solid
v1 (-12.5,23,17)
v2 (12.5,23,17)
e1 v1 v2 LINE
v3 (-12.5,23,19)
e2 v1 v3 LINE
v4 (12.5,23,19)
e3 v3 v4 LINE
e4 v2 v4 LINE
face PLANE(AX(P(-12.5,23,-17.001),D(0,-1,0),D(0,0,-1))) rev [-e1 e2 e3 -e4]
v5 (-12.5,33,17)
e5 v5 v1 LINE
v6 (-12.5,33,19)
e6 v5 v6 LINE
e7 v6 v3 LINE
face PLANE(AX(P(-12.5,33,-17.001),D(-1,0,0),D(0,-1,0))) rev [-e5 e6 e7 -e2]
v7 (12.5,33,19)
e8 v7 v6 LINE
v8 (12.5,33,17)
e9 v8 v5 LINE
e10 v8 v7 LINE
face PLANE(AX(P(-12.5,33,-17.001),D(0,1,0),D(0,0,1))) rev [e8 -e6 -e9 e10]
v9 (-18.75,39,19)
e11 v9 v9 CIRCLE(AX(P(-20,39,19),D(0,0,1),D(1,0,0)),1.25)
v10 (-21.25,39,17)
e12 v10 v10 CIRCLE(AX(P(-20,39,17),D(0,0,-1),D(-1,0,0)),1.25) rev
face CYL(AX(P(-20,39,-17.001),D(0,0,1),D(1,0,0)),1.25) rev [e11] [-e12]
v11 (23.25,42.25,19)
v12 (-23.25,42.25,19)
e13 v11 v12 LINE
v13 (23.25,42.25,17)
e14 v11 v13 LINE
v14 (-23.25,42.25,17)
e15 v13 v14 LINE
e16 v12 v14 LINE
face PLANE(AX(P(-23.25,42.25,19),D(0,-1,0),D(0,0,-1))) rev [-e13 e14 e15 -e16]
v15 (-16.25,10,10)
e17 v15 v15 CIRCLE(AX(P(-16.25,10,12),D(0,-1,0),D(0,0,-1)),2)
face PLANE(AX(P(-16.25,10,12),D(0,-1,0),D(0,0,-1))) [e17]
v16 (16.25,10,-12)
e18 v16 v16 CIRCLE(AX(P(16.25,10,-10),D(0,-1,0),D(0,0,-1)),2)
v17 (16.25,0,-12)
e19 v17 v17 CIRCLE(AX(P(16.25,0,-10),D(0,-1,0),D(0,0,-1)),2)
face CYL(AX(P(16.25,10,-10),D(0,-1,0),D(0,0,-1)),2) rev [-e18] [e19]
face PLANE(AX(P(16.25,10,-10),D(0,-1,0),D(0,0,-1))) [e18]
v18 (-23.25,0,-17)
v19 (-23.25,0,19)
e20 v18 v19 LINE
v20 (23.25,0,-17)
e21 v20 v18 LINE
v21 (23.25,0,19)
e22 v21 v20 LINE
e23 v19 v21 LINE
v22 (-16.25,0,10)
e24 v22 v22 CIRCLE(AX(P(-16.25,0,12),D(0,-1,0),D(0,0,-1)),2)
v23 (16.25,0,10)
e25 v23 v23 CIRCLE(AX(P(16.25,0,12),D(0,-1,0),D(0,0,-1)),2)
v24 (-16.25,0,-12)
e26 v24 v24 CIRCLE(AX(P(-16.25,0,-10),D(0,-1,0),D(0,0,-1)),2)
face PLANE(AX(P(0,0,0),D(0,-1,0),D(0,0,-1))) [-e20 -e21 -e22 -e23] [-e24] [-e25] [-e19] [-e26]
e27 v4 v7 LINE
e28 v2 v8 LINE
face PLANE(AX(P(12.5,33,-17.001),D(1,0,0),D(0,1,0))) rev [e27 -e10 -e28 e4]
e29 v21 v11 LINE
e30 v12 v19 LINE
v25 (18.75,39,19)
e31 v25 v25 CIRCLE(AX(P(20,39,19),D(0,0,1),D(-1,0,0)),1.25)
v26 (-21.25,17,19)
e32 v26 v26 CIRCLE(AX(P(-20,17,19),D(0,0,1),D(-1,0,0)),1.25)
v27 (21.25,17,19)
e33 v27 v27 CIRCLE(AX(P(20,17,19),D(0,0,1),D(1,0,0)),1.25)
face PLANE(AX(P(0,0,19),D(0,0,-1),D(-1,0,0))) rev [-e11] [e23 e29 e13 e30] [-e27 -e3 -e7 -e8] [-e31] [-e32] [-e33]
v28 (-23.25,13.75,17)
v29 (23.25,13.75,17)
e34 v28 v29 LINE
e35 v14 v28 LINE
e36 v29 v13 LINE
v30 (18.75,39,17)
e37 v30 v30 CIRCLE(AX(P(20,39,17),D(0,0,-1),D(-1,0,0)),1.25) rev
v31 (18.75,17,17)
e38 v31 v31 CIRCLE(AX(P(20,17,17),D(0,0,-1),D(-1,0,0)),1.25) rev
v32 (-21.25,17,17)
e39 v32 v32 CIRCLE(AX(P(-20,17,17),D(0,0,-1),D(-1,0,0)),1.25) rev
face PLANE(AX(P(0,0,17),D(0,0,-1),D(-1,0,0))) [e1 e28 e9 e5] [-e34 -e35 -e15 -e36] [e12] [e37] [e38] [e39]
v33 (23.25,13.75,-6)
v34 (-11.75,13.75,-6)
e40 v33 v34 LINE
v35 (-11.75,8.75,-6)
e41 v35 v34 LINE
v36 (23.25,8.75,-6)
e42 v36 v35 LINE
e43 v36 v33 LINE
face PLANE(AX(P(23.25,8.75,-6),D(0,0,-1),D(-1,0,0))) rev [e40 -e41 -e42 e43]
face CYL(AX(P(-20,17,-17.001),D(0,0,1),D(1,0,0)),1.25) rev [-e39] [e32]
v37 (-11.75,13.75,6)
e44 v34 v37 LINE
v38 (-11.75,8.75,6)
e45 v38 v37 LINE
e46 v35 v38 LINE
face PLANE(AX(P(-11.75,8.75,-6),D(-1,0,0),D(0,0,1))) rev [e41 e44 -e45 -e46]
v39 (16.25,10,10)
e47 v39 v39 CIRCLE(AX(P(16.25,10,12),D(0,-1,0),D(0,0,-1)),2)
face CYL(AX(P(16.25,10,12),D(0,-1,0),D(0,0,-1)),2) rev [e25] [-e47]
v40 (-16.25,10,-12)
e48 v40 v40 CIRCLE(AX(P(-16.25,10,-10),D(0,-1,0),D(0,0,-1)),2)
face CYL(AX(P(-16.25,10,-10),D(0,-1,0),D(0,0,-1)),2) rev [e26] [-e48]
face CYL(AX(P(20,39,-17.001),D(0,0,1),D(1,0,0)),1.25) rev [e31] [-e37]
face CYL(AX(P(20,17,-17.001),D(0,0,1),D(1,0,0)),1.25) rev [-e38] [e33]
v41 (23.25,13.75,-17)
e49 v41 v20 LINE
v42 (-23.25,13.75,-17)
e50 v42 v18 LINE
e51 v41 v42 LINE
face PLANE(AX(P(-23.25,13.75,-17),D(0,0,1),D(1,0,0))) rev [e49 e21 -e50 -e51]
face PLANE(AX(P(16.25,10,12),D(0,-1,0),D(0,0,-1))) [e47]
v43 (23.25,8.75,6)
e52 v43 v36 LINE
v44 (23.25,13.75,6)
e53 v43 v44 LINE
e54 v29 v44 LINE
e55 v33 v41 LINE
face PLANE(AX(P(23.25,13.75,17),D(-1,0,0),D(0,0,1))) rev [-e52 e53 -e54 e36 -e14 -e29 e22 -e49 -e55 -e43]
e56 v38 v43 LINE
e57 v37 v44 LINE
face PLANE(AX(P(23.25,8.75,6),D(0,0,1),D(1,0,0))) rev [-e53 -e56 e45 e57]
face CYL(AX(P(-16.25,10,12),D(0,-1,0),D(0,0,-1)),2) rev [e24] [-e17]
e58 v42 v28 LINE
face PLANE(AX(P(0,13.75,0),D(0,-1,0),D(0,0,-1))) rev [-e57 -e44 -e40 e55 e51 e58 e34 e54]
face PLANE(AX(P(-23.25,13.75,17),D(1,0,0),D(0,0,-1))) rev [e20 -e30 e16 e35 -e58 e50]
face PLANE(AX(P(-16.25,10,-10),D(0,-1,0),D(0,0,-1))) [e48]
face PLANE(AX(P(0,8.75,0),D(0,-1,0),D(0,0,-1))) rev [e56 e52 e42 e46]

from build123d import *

# Parameters (mm, degrees)
SKETCH1_W           = 46.5
SKETCH1_H           = 34
BOSS_EXTRUDE1_DEPTH = 13.75
SKETCH2_W           = 46.5
SKETCH2_H           = 42.25
BOSS_EXTRUDE2_DEPTH = 2
CUT_EXTRUDE1_REACH  = 62.18
SKETCH3_R           = 1.25
SKETCH3_W           = 25
SKETCH3_H           = 10
SKETCH4_W           = 35
SKETCH4_H           = 12
CUT_EXTRUDE2_DEPTH  = 5
SKETCH6_R           = 2
CUT_EXTRUDE3_DEPTH  = 10


with BuildPart() as part:
    # Sketch1 → Boss-Extrude1 (new body)
    with BuildSketch(Plane(origin=(0, 0, 0), x_dir=(1, 0, 0), z_dir=(0, 1, 0))):
        Rectangle(SKETCH1_W, SKETCH1_H)
    extrude(amount=BOSS_EXTRUDE1_DEPTH)

    # Sketch2 → Boss-Extrude2 (add)
    with BuildSketch(Plane.XY.offset(17)):
        with Locations((0, 21.125)):
            Rectangle(SKETCH2_W, SKETCH2_H)
    extrude(amount=BOSS_EXTRUDE2_DEPTH)

    # Sketch3 → Cut-Extrude1 (cut, up to next)
    with BuildSketch(Plane.XY.offset(19), mode=Mode.PRIVATE) as cut_extrude1_sk1:
        with Locations((-20, 39)):
            Circle(SKETCH3_R)
    cut_extrude1_tool1 = extrude(cut_extrude1_sk1.sketch, amount=-CUT_EXTRUDE1_REACH, mode=Mode.PRIVATE) & part.part
    # Sketch3 → Cut-Extrude1 (cut, up to next)
    with BuildSketch(Plane.XY.offset(19), mode=Mode.PRIVATE) as cut_extrude1_sk2:
        with Locations(Location((20, 39, 0), (0, 0, 180))):
            Circle(SKETCH3_R)
    cut_extrude1_tool2 = extrude(cut_extrude1_sk2.sketch, amount=-CUT_EXTRUDE1_REACH, mode=Mode.PRIVATE) & part.part
    # Sketch3 → Cut-Extrude1 (cut, up to next)
    with BuildSketch(Plane.XY.offset(19), mode=Mode.PRIVATE) as cut_extrude1_sk3:
        with Locations((20, 17)):
            Circle(SKETCH3_R)
    cut_extrude1_tool3 = extrude(cut_extrude1_sk3.sketch, amount=-CUT_EXTRUDE1_REACH, mode=Mode.PRIVATE) & part.part
    # Sketch3 → Cut-Extrude1 (cut, up to next)
    with BuildSketch(Plane.XY.offset(19), mode=Mode.PRIVATE) as cut_extrude1_sk4:
        with Locations(Location((-20, 17, 0), (0, 0, 180))):
            Circle(SKETCH3_R)
    cut_extrude1_tool4 = extrude(cut_extrude1_sk4.sketch, amount=-CUT_EXTRUDE1_REACH, mode=Mode.PRIVATE) & part.part
    # Sketch3 → Cut-Extrude1 (cut, up to next)
    with BuildSketch(Plane.XY.offset(19), mode=Mode.PRIVATE) as cut_extrude1_sk5:
        with Locations((0, 28)):
            Rectangle(SKETCH3_W, SKETCH3_H)
    cut_extrude1_tool5 = extrude(cut_extrude1_sk5.sketch, amount=-CUT_EXTRUDE1_REACH, mode=Mode.PRIVATE) & part.part
    add(cut_extrude1_tool1.solids().sort_by_distance((-20, 39, 19))[0], mode=Mode.SUBTRACT)
    add(cut_extrude1_tool2.solids().sort_by_distance((20, 39, 19))[0], mode=Mode.SUBTRACT)
    add(cut_extrude1_tool3.solids().sort_by_distance((20, 17, 19))[0], mode=Mode.SUBTRACT)
    add(cut_extrude1_tool4.solids().sort_by_distance((-20, 17, 19))[0], mode=Mode.SUBTRACT)
    add(cut_extrude1_tool5.solids().sort_by_distance((0, 28, 19))[0], mode=Mode.SUBTRACT)

    # Sketch4 → Cut-Extrude2 (cut)
    with BuildSketch(Plane(origin=(0, 13.75, 0), x_dir=(1, 0, 0), z_dir=(0, 1, 0))):
        with Locations((5.75, 0)):
            Rectangle(SKETCH4_W, SKETCH4_H)
    extrude(amount=-CUT_EXTRUDE2_DEPTH, mode=Mode.SUBTRACT)

    # Sketch6 → Cut-Extrude3 (cut)
    with BuildSketch(Plane.XZ):
        with Locations(Location((16.25, -10, 0), (0, 0, 270))):
            Circle(SKETCH6_R)
        with Locations(Location((16.25, 12, 0), (0, 0, 270))):
            Circle(SKETCH6_R)
        with Locations(Location((-16.25, -10, 0), (0, 0, 270))):
            Circle(SKETCH6_R)
        with Locations(Location((-16.25, 12, 0), (0, 0, 270))):
            Circle(SKETCH6_R)
    extrude(amount=-CUT_EXTRUDE3_DEPTH, mode=Mode.SUBTRACT)


solid = part.part
